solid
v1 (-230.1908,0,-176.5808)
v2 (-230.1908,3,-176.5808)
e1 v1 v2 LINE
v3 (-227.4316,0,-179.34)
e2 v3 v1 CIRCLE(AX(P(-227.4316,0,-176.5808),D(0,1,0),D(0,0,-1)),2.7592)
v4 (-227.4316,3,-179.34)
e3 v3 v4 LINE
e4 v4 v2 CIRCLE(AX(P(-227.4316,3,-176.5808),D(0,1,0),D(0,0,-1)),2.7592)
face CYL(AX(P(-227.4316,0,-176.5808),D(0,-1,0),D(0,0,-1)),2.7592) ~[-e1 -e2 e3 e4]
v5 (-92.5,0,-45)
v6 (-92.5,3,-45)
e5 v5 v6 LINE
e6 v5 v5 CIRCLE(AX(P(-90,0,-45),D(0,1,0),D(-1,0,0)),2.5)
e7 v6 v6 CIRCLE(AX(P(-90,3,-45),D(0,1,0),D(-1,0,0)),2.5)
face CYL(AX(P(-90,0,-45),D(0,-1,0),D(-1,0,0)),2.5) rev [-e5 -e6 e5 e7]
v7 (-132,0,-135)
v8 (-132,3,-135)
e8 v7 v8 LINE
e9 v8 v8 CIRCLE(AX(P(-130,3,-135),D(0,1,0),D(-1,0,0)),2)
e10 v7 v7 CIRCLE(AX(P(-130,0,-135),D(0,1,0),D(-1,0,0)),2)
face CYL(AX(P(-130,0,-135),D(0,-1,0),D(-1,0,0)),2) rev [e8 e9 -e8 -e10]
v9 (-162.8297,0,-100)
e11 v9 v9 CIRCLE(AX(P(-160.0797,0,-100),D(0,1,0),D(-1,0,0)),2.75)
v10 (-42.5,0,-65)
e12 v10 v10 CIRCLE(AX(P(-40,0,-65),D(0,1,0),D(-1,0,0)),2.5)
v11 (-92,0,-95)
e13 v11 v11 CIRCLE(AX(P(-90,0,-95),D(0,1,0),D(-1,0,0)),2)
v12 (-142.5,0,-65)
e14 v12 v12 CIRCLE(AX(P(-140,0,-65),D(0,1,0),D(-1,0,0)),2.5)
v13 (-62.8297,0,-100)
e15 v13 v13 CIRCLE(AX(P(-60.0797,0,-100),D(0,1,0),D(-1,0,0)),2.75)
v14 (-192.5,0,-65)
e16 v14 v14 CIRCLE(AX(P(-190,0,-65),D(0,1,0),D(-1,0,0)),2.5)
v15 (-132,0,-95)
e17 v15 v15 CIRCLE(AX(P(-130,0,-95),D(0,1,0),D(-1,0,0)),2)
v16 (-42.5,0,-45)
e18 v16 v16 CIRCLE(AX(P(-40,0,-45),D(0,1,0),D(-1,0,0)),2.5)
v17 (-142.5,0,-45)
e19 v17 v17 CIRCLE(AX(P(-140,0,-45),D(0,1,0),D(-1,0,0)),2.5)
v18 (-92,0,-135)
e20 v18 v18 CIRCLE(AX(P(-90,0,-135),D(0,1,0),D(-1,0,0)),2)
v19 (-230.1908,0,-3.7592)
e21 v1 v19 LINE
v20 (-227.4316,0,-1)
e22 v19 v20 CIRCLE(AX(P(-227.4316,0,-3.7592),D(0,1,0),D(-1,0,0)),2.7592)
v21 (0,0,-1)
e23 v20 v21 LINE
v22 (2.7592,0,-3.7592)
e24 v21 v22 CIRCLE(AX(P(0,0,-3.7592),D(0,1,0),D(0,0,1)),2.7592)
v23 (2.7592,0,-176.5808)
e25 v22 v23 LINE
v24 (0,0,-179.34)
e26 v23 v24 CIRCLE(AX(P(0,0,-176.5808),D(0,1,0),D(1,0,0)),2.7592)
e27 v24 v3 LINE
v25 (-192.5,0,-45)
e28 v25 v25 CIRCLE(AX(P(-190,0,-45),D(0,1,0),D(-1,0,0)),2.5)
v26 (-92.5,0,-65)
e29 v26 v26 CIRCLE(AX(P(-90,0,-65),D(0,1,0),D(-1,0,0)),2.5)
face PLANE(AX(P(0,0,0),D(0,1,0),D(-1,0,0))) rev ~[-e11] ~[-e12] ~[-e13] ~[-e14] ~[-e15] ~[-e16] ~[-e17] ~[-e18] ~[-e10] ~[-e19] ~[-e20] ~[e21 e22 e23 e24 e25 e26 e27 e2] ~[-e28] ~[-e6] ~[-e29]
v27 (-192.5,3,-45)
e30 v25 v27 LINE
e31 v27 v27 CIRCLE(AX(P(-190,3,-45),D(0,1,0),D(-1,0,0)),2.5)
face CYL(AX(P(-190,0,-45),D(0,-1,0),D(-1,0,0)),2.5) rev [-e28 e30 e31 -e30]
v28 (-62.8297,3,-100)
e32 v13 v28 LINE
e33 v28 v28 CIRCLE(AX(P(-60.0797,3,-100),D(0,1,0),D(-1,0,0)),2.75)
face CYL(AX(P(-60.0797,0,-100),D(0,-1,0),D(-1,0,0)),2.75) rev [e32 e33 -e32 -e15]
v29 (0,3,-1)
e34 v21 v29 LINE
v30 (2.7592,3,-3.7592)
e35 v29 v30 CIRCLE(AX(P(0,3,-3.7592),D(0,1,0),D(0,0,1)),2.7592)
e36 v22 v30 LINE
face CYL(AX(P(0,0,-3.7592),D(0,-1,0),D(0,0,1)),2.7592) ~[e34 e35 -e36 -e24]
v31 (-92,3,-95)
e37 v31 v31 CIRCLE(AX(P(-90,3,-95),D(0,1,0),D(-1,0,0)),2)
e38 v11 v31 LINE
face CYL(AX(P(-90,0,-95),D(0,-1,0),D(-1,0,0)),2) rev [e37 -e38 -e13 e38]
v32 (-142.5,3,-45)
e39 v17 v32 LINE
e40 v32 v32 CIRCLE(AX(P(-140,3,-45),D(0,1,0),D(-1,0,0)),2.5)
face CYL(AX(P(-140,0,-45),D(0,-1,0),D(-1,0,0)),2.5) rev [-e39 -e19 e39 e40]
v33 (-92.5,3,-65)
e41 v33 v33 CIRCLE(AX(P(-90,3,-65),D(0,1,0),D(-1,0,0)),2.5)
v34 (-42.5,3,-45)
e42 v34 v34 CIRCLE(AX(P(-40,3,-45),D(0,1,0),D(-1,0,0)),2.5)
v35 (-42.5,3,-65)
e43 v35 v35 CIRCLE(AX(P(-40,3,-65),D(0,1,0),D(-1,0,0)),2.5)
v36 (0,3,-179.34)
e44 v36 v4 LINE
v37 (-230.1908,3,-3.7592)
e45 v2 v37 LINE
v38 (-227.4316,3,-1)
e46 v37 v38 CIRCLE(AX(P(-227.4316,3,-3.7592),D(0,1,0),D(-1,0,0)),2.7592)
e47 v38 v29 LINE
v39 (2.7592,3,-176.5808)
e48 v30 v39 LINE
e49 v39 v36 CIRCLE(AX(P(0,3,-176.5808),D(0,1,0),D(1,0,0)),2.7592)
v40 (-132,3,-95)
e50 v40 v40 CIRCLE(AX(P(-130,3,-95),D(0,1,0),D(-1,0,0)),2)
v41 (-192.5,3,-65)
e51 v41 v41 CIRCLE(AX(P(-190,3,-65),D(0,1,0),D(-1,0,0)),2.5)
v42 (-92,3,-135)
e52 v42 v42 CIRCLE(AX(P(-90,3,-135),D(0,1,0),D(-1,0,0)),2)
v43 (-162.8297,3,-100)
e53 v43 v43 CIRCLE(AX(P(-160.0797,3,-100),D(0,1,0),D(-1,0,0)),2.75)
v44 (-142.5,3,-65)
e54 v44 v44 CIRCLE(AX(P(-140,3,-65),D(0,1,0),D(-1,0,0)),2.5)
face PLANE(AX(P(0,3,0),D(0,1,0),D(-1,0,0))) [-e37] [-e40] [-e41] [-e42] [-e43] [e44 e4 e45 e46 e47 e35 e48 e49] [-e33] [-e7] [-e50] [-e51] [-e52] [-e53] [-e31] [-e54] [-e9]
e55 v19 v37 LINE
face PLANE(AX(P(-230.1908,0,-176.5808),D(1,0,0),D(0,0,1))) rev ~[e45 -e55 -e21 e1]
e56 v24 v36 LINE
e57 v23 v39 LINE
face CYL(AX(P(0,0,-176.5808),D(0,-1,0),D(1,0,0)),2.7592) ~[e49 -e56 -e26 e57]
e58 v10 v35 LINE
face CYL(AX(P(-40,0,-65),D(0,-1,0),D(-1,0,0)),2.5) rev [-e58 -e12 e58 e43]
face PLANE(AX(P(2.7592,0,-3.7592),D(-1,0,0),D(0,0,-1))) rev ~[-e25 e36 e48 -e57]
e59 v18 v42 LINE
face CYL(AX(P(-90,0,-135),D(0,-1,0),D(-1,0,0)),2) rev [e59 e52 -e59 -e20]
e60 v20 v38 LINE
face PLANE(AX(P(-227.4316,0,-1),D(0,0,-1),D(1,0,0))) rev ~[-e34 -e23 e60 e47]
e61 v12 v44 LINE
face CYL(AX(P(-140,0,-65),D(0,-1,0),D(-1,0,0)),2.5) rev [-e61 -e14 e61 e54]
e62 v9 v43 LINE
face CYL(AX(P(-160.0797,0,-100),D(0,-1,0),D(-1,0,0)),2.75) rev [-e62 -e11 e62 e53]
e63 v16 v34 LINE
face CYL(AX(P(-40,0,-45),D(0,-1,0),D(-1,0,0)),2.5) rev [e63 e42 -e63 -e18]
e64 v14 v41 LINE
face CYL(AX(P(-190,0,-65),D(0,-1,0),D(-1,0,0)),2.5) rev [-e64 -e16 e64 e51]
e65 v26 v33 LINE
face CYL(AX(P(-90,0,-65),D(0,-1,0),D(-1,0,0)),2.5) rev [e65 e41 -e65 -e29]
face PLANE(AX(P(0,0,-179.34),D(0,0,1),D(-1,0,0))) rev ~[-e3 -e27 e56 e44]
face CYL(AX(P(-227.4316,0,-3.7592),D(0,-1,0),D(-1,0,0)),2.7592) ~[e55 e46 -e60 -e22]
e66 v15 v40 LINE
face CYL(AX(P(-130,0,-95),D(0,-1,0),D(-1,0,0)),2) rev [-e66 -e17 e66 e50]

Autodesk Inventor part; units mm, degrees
ref_plane "YZ Plane" through (0, 0, 0) normal (1, 0, 0) x (0, 1, 0)
ref_plane "XZ Plane" through (0, 0, 0) normal (0, 1, 0) x (-1, 0, 0)
ref_plane "XY Plane" through (0, 0, 0) normal (0, 0, 1) x (1, 0, 0)
sketch "Sketch1" plane through (0, 0, 0) normal (0, 1, 0) x (-1, 0, 0)
  line L0 (232.1908, -176.5808) -> (232.1908, -3.7592)
  arc A0 (232.1908, -3.7592) -> (227.4316, 1) centre (227.4316, -3.7592) ccw
  line L1 (227.4316, 1) -> (0, 1)
  arc A1 (0, 1) -> (-4.7592, -3.7592) centre (0, -3.7592) ccw
  arc A2 (-4.7592, -176.5808) -> (0, -181.34) centre (0, -176.5808) ccw
  arc A3 (227.4316, -181.34) -> (232.1908, -176.5808) centre (227.4316, -176.5808) ccw
  circle A4 centre (130, -135) radius 2
  circle A5 centre (130, -95) radius 2
  circle A6 centre (90, -135) radius 2
  circle A7 centre (90, -95) radius 2
  circle A8 centre (160.0797, -100) radius 2.75
  circle A9 centre (60.0797, -100) radius 2.75
  circle A10 centre (90, -45) radius 2.5
  circle A11 centre (190, -45) radius 2.5
  circle A12 centre (190, -65) radius 2.5
  circle A13 centre (90, -65) radius 2.5
  circle A14 centre (140, -45) radius 2.5
  circle A15 centre (40, -45) radius 2.5
  circle A16 centre (140, -65) radius 2.5
  circle A17 centre (40, -65) radius 2.5
  line L2 (230.1908, -176.5808) -> (230.1908, -3.7592)
  arc A18 (230.1908, -3.7592) -> (227.4316, -1) centre (227.4316, -3.7592) ccw
  line L3 (227.4316, -1) -> (0, -1)
  arc A19 (0, -1) -> (-2.7592, -3.7592) centre (0, -3.7592) ccw
  arc A20 (-2.7592, -176.5808) -> (0, -179.34) centre (0, -176.5808) ccw
  arc A21 (227.4316, -179.34) -> (230.1908, -176.5808) centre (227.4316, -176.5808) ccw
  line L4 (-4.7592, -3.7592) -> (-4.7592, -176.5808)
  line L5 (-2.7592, -3.7592) -> (-2.7592, -176.5808)
  line L6 (0, -179.34) -> (227.4316, -179.34)
  line L7 (227.4316, -181.34) -> (0, -181.34)
  point P0 (0, 0)
  point P1 (230.1908, -3.7592)
  point P2 (0, -1)
  dimension "d0" = 2
  dimension "d1" = 2
  dimension "d2" = 2
  dimension "d3" = 2
  dimension "d5" = 2
  dimension "d7" = 2
  dimension "d8" = 227.4316
  dimension "d9" = 172.8216
  dimension "d10" = 4.7592
extrude "Extrusion1" add sketch "Sketch1" along normal blind 3 contours A21 L6 A20 L5 A19 L3 A18 L2
sketch "Sketch2" plane through (0, 3, 0) normal (0, 1, 0) x (1, 0, 0)
  line L0 (-232.1908, 176.5808) -> (-232.1908, 3.7592)
  arc A0 (-232.1908, 3.7592) -> (-227.4316, -1) centre (-227.4316, 3.7592) ccw
  line L1 (-227.4316, -1) -> (0, -1)
  arc A1 (0, -1) -> (4.7592, 3.7592) centre (0, 3.7592) ccw
  arc A2 (4.7592, 176.5808) -> (0, 181.34) centre (0, 176.5808) ccw
  arc A3 (-227.4316, 181.34) -> (-232.1908, 176.5808) centre (-227.4316, 176.5808) ccw
  circle A4 centre (-130, 135) radius 2
  circle A5 centre (-130, 95) radius 2
  circle A6 centre (-90, 135) radius 2
  circle A7 centre (-90, 95) radius 2
  circle A8 centre (-160.0797, 100) radius 2.75
  circle A9 centre (-60.0797, 100) radius 2.75
  circle A10 centre (-90, 45) radius 2.5
  circle A11 centre (-190, 45) radius 2.5
  circle A12 centre (-190, 65) radius 2.5
  circle A13 centre (-90, 65) radius 2.5
  circle A14 centre (-140, 45) radius 2.5
  circle A15 centre (-40, 45) radius 2.5
  circle A16 centre (-140, 65) radius 2.5
  circle A17 centre (-40, 65) radius 2.5
  line L2 (-230.1908, 176.5808) -> (-230.1908, 3.7592)
  arc A18 (-230.1908, 3.7592) -> (-227.4316, 1) centre (-227.4316, 3.7592) ccw
  line L3 (-227.4316, 1) -> (0, 1)
  arc A19 (0, 1) -> (2.7592, 3.7592) centre (0, 3.7592) ccw
  arc A20 (2.7592, 176.5808) -> (0, 179.34) centre (0, 176.5808) ccw
  arc A21 (-227.4316, 179.34) -> (-230.1908, 176.5808) centre (-227.4316, 176.5808) ccw
  line L4 (4.7592, 3.7592) -> (4.7592, 176.5808)
  line L5 (2.7592, 3.7592) -> (2.7592, 176.5808)
  line L6 (0, 179.34) -> (-227.4316, 179.34)
  line L7 (-227.4316, 181.34) -> (0, 181.34)
  line L8 (0, 179.34) -> (-227.4316, 179.34) projected
  line L9 (-113.7158, 179.34) -> (-113.7158, 1)
  line L10 (-227.4316, 1) -> (0, 1) projected
  line L11 (-118.7158, 120.17) -> (-108.7158, 120.17)
  line L12 (-108.7158, 120.17) -> (-108.7158, 60.17)
  line L13 (-108.7158, 60.17) -> (-118.7158, 60.17)
  line L14 (-118.7158, 60.17) -> (-118.7158, 120.17)
  line L15 (-118.7158, 120.17) -> (-108.7158, 60.17) construction
  line L16 (-108.7158, 120.17) -> (-118.7158, 60.17) construction
  line L17 (-113.7158, 179.34) -> (-113.7158, 159.34)
  line L18 (2.7592, 139.34) -> (-230.1908, 139.34)
  line L19 (-230.1908, 139.34) -> (-230.1908, 179.34)
  line L20 (-230.1908, 179.34) -> (2.7592, 179.34)
  line L21 (2.7592, 179.34) -> (2.7592, 139.34)
  line L22 (2.7592, 139.34) -> (-230.1908, 179.34) construction
  line L23 (-230.1908, 139.34) -> (2.7592, 179.34) construction
  line L24 (-113.7158, 1) -> (-113.7158, 16)
  line L25 (-230.1908, 31) -> (2.7592, 31)
  line L26 (2.7592, 31) -> (2.7592, 1)
  line L27 (2.7592, 1) -> (-230.1908, 1)
  line L28 (-230.1908, 1) -> (-230.1908, 31)
  line L29 (-230.1908, 31) -> (2.7592, 1) construction
  line L30 (2.7592, 31) -> (-230.1908, 1) construction
  line L31 (-227.4316, 1) -> (0, 1) projected
  line L32 (-230.1908, 179.34) -> (-200.1908, 179.34)
  line L33 (-200.1908, 179.34) -> (-200.1908, 1)
  line L34 (-200.1908, 1) -> (-230.1908, 1)
  line L35 (-230.1908, 1) -> (-230.1908, 179.34)
  line L36 (2.7592, 1) -> (-27.2408, 1)
  line L37 (-27.2408, 1) -> (-27.2408, 179.34)
  line L38 (-27.2408, 179.34) -> (2.7592, 179.34)
  line L39 (2.7592, 179.34) -> (2.7592, 1)
  point P0 (230.1908, -176.5808)
  point P1 (230.1908, -3.7592)
  point P2 (227.4316, -1)
  point P3 (0, -1)
  point P4 (0, 0)
  point P5 (230.1908, -176.5808)
  point P6 (230.1908, -3.7592)
  point P7 (227.4316, -1)
  point P8 (0, -1)
  point P9 (-113.7158, 90.17)
  point P10 (-113.7158, 120.17)
  point P11 (-113.7158, 60.17)
  point P12 (-113.7158, 1)
  point P13 (0, 1)
  dimension "d22" = 2
  dimension "d23" = 2
  dimension "d24" = 2
  dimension "d25" = 2
  dimension "d26" = 2
  dimension "d27" = 2
  dimension "d28" = 227.4316
  dimension "d29" = 172.8216
  dimension "d30" = 4.7592
  dimension "d31" = 10
  dimension "d32" = 60
  dimension "d37" = 20
  dimension "d38" = 40
  dimension "d39" = 15
  dimension "d40" = 30
  dimension "d41" = 30
  dimension "d42" = 30
equation "\"d1\" = d0"
equation "\"d2\" = d0"
equation "\"d3\" = d0"
equation "\"d5\" = d0"
equation "\"d7\" = d0"
equation "\"d23\" = d22"
equation "\"d24\" = d22"
equation "\"d25\" = d22"
equation "\"d26\" = d22"
equation "\"d27\" = d22"
properties part number "EboxBottom"
